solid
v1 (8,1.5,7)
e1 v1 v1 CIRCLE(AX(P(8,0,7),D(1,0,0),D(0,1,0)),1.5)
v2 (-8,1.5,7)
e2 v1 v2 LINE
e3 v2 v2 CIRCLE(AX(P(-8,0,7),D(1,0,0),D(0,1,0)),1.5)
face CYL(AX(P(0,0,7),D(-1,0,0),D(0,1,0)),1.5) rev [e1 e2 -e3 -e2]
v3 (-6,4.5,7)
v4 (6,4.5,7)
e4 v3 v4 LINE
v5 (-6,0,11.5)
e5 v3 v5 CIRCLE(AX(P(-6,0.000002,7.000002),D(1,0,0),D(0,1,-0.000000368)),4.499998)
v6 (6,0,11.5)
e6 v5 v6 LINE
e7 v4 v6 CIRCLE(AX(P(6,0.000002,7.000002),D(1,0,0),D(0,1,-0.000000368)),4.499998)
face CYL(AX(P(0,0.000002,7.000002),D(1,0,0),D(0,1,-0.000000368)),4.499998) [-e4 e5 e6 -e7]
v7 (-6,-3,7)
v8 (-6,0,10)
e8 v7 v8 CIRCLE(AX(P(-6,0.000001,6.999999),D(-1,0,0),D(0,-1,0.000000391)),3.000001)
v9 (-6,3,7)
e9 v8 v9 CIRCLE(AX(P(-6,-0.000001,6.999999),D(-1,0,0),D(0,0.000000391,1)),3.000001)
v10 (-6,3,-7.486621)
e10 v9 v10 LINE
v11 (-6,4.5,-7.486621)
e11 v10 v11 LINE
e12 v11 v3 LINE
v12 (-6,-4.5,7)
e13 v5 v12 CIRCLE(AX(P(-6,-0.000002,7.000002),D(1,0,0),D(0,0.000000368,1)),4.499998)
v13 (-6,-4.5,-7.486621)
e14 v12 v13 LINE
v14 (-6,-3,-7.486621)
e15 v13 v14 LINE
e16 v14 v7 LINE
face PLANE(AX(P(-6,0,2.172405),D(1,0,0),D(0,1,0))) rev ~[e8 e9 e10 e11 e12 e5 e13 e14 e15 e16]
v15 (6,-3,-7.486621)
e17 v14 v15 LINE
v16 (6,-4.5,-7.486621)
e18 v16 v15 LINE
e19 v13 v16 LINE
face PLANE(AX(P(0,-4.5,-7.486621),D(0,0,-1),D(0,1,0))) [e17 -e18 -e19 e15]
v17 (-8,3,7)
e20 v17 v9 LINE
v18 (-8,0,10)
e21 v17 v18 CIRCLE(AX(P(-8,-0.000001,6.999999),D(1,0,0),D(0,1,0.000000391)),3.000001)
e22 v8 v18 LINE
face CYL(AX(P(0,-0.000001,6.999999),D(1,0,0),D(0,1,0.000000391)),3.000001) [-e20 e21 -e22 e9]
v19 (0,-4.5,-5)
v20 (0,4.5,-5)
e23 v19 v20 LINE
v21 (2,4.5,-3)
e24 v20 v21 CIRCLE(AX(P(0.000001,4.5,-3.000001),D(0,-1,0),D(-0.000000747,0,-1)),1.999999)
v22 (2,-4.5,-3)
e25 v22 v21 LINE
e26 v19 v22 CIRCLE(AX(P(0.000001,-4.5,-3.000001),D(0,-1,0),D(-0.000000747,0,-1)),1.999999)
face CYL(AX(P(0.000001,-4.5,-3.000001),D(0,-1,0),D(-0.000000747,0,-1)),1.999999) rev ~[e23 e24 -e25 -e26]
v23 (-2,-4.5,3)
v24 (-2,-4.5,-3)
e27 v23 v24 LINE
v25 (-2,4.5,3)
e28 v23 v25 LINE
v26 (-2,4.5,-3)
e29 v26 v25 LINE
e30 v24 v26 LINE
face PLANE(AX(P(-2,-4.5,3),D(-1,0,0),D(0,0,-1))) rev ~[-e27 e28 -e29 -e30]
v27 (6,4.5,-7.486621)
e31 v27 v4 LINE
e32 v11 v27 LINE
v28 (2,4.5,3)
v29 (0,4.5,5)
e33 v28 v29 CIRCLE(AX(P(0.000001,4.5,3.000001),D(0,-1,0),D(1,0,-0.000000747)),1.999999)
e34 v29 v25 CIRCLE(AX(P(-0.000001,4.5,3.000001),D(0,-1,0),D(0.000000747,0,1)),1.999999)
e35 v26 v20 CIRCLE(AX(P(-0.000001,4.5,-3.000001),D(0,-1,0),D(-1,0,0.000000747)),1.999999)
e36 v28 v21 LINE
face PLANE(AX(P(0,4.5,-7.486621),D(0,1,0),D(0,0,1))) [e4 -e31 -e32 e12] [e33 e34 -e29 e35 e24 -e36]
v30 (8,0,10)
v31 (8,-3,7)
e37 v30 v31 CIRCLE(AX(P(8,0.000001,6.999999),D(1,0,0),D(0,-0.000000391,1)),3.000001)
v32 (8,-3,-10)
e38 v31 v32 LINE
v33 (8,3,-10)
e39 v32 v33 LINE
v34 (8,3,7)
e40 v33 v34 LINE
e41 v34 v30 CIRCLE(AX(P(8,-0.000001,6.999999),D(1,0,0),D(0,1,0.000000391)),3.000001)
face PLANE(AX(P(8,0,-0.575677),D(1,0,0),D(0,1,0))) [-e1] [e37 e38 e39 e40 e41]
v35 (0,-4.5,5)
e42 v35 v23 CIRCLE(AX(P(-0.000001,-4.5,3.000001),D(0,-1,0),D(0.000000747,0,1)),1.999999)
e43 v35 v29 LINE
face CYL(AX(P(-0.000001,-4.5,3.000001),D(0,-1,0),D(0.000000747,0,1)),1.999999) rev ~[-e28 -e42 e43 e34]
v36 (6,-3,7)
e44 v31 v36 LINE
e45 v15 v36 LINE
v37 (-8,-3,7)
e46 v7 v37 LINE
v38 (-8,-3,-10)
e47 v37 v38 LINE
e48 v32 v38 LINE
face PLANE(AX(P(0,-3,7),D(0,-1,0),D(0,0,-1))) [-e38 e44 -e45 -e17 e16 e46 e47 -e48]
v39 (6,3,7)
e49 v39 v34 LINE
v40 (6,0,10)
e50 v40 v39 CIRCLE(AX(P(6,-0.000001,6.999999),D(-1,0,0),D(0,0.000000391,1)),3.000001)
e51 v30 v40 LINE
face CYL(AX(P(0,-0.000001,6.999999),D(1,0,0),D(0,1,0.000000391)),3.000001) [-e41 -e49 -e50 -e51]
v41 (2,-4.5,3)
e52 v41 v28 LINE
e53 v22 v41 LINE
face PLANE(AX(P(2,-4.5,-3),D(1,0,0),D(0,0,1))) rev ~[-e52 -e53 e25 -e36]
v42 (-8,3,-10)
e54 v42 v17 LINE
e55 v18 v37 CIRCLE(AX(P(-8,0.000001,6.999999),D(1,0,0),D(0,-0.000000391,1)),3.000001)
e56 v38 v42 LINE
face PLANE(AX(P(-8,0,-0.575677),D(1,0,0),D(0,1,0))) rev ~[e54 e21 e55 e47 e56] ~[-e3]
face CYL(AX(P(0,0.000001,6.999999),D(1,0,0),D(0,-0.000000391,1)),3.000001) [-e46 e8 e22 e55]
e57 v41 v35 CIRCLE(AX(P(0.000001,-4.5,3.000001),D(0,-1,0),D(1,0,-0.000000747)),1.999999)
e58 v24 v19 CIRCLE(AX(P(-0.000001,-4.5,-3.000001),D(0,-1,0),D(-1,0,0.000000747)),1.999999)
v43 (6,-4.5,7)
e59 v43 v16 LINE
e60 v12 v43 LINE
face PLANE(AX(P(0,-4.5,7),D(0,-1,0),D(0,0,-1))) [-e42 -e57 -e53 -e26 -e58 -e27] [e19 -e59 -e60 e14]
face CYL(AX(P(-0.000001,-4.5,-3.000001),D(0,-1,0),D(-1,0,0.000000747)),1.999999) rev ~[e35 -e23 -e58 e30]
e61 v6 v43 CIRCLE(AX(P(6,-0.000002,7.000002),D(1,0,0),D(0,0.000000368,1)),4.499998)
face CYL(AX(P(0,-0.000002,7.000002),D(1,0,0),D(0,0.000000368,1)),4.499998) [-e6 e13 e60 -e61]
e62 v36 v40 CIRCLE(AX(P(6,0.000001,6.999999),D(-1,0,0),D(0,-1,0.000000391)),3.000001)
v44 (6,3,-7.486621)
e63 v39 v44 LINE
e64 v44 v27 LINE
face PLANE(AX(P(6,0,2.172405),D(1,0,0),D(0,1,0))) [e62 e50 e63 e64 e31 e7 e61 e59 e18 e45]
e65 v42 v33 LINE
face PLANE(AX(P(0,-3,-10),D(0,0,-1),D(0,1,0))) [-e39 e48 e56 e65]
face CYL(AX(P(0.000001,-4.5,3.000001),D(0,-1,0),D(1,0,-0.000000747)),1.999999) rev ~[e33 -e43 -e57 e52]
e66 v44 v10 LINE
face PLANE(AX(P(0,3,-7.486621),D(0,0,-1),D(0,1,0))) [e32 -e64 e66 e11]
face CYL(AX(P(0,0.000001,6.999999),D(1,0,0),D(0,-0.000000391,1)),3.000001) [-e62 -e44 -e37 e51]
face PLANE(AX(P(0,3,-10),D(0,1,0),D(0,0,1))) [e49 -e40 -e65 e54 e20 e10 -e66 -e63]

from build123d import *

# Parameters (mm, degrees)
F0_R          = 1.5
F1_DEPTH      = 8
F1_DEPTH_BACK = 8
F2_DEPTH      = 6
F2_DEPTH_BACK = 6
F4_DEPTH      = 25


with BuildPart() as f1:
    # F0 (on Right) → F1 (new body, two sides)
    with BuildSketch(Plane.YZ) as f1_sk:
        with BuildLine():
            Line((-3, -10), (3, -10))
            Line((3, -10), (3, -7.486621))
            Line((3, -7.486621), (3, 7))
            ThreePointArc((3, 7), (2.12132, 9.12132), (0, 10))
            ThreePointArc((0, 10), (-2.12132, 9.12132), (-3, 7))
            Line((-3, 7), (-3, -7.486621))
            Line((-3, -7.486621), (-3, -10))
        make_face()
        with Locations((0, 7)):
            Circle(F0_R, mode=Mode.SUBTRACT)
    extrude(amount=F1_DEPTH)
    extrude(f1_sk.sketch, amount=-F1_DEPTH_BACK)

    # F0 (on Right) → F2 (join, two sides)
    with BuildSketch(Plane.YZ) as f2_sk:
        with BuildLine():
            Line((3, 7), (3, -7.486621))
            Line((3, -7.486621), (4.5, -7.486621))
            Line((4.5, -7.486621), (4.5, 7))
            ThreePointArc((4.5, 7), (3.181981, 10.181981), (0, 11.5))
            ThreePointArc((0, 11.5), (-3.181981, 10.181981), (-4.5, 7))
            Line((-4.5, 7), (-4.5, -7.486621))
            Line((-4.5, -7.486621), (-3, -7.486621))
            Line((-3, -7.486621), (-3, 7))
            ThreePointArc((-3, 7), (-2.12132, 9.12132), (0, 10))
            ThreePointArc((0, 10), (2.12132, 9.12132), (3, 7))
        make_face()
    extrude(amount=F2_DEPTH)
    extrude(f2_sk.sketch, amount=-F2_DEPTH_BACK)

    # F3 (on face) → F4 (cut)
    with BuildSketch(Plane.XZ.offset(4.5)):
        with BuildLine():
            Line((2, -3), (2, 3))
            ThreePointArc((2, 3), (1.414214, 4.414214), (0, 5))
            ThreePointArc((0, 5), (-1.414214, 4.414214), (-2, 3))
            Line((-2, 3), (-2, -3))
            ThreePointArc((-2, -3), (-1.414214, -4.414214), (0, -5))
            ThreePointArc((0, -5), (1.414214, -4.414214), (2, -3))
        make_face()
    extrude(amount=-F4_DEPTH, mode=Mode.SUBTRACT)


solid = f1.part
